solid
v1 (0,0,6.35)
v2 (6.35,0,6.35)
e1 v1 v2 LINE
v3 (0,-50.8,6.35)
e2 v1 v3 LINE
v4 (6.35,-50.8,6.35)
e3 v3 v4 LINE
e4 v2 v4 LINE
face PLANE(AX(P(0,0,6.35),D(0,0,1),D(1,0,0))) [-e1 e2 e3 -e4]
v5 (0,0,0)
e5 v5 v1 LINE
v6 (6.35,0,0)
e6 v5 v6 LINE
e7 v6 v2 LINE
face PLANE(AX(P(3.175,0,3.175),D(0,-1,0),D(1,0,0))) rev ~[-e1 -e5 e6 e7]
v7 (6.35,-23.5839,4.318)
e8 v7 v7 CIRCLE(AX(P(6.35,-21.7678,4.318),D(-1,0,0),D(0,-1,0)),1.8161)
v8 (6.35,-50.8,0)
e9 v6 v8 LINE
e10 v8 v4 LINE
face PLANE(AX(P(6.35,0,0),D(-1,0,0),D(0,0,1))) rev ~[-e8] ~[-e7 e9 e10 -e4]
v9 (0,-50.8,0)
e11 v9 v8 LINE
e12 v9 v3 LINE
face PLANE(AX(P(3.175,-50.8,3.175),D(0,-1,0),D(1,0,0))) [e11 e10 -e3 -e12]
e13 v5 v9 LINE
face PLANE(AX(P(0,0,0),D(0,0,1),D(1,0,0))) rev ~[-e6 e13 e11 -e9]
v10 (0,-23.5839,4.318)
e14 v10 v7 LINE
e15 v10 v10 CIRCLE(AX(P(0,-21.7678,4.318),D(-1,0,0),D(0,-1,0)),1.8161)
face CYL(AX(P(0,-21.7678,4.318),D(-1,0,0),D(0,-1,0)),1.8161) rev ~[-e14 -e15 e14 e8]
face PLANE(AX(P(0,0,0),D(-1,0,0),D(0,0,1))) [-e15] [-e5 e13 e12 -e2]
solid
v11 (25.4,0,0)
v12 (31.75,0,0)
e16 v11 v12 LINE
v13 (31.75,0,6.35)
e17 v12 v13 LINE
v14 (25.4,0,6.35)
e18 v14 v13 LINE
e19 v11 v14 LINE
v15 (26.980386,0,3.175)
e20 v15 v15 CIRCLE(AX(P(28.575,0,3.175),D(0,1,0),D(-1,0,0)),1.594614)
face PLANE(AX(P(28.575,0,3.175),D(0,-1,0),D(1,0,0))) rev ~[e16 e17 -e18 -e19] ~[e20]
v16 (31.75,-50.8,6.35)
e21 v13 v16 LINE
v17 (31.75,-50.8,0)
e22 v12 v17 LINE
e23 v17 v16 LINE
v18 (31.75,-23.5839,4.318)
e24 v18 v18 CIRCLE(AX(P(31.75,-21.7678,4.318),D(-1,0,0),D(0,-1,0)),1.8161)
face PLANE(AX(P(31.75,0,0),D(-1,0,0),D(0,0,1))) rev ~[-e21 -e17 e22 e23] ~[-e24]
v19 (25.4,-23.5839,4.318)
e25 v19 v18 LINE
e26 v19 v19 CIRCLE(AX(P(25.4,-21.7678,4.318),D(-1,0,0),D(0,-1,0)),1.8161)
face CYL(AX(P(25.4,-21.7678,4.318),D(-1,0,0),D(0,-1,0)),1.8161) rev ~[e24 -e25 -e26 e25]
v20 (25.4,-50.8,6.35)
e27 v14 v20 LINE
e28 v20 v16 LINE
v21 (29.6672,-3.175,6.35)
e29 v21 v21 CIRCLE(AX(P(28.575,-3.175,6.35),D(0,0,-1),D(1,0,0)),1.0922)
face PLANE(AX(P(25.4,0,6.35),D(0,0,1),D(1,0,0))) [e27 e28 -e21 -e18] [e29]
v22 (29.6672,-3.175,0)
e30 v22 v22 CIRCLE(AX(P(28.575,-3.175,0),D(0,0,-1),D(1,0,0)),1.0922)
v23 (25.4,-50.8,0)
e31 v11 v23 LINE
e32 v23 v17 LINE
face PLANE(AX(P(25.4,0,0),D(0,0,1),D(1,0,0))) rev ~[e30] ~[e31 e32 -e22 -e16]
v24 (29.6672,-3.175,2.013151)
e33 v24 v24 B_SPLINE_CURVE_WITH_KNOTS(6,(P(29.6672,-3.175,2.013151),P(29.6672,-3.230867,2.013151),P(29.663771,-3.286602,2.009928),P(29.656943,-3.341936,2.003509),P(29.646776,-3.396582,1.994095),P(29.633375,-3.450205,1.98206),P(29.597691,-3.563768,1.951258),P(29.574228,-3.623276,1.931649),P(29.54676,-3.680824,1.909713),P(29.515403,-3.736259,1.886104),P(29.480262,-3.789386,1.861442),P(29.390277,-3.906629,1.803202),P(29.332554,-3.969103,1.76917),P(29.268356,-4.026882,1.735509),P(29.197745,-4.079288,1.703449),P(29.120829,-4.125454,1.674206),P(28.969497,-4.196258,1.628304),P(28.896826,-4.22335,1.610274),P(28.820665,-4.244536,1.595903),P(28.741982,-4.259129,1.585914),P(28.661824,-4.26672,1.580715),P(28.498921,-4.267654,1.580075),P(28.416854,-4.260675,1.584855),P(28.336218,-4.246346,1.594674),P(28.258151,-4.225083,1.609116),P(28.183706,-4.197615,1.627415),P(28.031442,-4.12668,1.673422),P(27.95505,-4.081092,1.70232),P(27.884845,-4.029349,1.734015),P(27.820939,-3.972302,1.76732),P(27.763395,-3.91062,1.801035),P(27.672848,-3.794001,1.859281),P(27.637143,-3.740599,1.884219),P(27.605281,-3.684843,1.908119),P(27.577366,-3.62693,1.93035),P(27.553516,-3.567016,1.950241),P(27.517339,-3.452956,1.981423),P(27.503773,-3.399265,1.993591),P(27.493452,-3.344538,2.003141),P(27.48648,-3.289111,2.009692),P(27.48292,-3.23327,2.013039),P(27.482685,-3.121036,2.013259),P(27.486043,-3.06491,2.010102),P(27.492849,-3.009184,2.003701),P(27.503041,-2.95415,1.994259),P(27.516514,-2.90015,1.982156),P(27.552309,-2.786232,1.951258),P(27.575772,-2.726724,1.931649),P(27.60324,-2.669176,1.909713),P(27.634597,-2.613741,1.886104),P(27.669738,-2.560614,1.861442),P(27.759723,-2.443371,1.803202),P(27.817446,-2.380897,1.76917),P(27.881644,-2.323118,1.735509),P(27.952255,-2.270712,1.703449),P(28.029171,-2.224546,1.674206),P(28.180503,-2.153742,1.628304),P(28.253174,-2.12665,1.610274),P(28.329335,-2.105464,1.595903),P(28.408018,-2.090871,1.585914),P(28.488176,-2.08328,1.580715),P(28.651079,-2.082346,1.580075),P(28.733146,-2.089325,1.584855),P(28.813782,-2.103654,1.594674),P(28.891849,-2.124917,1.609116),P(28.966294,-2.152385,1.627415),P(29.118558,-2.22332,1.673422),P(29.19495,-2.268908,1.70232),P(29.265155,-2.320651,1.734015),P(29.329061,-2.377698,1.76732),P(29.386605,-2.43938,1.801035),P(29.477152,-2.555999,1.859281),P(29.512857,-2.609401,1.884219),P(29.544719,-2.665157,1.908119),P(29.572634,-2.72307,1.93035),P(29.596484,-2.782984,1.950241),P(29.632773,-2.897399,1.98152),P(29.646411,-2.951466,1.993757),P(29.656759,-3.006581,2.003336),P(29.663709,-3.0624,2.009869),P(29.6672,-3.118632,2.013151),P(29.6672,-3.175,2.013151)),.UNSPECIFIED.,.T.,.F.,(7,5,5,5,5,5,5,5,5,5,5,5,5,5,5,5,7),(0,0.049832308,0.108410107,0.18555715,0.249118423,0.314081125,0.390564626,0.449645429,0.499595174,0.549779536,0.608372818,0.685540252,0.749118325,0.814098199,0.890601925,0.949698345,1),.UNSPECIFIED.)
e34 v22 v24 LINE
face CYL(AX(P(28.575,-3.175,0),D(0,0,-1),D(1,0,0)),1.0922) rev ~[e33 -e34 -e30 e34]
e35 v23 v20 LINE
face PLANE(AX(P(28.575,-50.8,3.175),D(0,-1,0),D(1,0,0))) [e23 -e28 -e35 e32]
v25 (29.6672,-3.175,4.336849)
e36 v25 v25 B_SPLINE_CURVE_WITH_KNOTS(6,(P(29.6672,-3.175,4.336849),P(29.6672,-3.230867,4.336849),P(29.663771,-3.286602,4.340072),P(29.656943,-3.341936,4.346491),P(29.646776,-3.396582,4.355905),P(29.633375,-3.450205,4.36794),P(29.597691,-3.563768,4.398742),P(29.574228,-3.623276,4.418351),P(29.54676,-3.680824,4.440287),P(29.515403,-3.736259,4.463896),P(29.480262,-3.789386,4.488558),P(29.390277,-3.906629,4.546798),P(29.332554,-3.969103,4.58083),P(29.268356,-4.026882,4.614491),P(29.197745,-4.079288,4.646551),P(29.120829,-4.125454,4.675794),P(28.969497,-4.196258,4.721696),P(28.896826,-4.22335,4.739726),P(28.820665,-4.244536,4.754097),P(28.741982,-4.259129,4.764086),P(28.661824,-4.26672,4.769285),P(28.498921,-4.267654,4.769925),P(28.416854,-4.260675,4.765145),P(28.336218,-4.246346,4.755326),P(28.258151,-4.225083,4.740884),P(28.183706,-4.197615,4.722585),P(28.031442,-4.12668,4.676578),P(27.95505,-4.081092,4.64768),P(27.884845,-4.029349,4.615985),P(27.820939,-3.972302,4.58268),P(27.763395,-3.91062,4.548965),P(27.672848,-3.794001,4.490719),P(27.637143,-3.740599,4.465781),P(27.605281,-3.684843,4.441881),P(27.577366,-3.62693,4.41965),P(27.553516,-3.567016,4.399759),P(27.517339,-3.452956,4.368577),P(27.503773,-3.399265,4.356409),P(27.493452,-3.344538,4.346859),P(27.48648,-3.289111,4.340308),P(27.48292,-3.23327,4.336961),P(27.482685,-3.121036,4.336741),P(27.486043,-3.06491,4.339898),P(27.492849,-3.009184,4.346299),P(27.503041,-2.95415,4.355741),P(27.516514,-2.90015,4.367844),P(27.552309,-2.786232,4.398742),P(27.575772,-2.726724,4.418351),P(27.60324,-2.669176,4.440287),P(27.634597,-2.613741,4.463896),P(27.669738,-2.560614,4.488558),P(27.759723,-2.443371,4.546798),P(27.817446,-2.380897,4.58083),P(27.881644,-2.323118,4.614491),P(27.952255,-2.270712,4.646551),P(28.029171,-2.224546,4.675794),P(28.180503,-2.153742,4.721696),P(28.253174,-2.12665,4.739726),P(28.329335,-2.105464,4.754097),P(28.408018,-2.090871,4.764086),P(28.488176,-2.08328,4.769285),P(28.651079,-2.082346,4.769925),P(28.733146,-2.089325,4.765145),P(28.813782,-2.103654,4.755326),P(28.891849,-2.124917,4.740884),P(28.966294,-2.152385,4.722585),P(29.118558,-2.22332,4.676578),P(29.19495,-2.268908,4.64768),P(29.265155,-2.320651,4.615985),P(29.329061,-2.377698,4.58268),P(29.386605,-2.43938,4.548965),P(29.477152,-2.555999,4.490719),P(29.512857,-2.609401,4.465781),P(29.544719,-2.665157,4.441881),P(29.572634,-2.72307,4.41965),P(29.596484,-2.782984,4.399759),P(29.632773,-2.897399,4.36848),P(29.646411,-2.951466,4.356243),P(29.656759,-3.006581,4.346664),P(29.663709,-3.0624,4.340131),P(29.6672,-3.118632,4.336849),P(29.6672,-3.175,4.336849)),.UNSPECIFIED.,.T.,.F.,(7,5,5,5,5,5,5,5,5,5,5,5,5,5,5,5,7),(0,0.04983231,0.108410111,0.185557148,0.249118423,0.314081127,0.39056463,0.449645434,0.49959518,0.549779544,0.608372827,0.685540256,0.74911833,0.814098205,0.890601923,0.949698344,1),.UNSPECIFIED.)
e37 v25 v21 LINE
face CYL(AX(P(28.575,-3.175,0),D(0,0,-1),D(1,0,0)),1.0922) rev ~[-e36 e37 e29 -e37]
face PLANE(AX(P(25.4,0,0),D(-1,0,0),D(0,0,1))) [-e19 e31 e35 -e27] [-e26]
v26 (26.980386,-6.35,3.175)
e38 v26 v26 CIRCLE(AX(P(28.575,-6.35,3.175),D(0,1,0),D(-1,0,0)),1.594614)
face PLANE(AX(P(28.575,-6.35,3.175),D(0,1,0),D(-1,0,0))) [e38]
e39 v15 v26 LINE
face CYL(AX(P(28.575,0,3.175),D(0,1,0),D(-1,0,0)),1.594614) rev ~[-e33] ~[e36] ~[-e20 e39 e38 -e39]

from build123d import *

# Parameters (mm, degrees)
F0_W     = 6.35
F0_H     = 6.35
F1_DEPTH = 50.8
F2_R     = 1.8161
F3_DEPTH = 6.35
F5_R     = 1.594614
F6_DEPTH = 6.35
F7_R     = 118.519935
F7_R_2   = 1.0922
F8_DEPTH = 25.4


with BuildPart() as f1:
    # F0 (on Front) → F1 (new body)
    with BuildSketch(Plane.XZ):
        with Locations((3.175, 3.175)):
            Rectangle(F0_W, F0_H)
    extrude(amount=F1_DEPTH)

    # F2 (on face) → F3 (cut, through all)
    with BuildSketch(Plane(origin=(0, 0, 0), x_dir=(0, -1, 0), z_dir=(-1, 0, 0))):
        with Locations((21.7678, 4.318)):
            Circle(F2_R)
    extrude(amount=-F3_DEPTH, mode=Mode.SUBTRACT)


with BuildPart() as f4_1:
    # F4: copy of F1
    add(f1.part.moved(Location((25.4, 0, 0))))

    # F5 (on face) → F6 (cut)
    with BuildSketch(Plane(origin=(0, 0, 0), x_dir=(-1, 0, 0), z_dir=(0, 1, 0))):
        with Locations((-28.575, 3.175)):
            Circle(F5_R)
    extrude(amount=-F6_DEPTH, mode=Mode.SUBTRACT)

    # F7 (on face) → F8 (cut)
    with BuildSketch(Plane(origin=(0, 0, 0), x_dir=(1, 0, 0), z_dir=(0, 0, -1))):
        with Locations((-40.215876, -233.822033)):
            Circle(F7_R)
        with Locations((28.575, 3.175)):
            Circle(F7_R_2)
    extrude(amount=-F8_DEPTH, mode=Mode.SUBTRACT)


solid = Compound([f1.part, f4_1.part])
